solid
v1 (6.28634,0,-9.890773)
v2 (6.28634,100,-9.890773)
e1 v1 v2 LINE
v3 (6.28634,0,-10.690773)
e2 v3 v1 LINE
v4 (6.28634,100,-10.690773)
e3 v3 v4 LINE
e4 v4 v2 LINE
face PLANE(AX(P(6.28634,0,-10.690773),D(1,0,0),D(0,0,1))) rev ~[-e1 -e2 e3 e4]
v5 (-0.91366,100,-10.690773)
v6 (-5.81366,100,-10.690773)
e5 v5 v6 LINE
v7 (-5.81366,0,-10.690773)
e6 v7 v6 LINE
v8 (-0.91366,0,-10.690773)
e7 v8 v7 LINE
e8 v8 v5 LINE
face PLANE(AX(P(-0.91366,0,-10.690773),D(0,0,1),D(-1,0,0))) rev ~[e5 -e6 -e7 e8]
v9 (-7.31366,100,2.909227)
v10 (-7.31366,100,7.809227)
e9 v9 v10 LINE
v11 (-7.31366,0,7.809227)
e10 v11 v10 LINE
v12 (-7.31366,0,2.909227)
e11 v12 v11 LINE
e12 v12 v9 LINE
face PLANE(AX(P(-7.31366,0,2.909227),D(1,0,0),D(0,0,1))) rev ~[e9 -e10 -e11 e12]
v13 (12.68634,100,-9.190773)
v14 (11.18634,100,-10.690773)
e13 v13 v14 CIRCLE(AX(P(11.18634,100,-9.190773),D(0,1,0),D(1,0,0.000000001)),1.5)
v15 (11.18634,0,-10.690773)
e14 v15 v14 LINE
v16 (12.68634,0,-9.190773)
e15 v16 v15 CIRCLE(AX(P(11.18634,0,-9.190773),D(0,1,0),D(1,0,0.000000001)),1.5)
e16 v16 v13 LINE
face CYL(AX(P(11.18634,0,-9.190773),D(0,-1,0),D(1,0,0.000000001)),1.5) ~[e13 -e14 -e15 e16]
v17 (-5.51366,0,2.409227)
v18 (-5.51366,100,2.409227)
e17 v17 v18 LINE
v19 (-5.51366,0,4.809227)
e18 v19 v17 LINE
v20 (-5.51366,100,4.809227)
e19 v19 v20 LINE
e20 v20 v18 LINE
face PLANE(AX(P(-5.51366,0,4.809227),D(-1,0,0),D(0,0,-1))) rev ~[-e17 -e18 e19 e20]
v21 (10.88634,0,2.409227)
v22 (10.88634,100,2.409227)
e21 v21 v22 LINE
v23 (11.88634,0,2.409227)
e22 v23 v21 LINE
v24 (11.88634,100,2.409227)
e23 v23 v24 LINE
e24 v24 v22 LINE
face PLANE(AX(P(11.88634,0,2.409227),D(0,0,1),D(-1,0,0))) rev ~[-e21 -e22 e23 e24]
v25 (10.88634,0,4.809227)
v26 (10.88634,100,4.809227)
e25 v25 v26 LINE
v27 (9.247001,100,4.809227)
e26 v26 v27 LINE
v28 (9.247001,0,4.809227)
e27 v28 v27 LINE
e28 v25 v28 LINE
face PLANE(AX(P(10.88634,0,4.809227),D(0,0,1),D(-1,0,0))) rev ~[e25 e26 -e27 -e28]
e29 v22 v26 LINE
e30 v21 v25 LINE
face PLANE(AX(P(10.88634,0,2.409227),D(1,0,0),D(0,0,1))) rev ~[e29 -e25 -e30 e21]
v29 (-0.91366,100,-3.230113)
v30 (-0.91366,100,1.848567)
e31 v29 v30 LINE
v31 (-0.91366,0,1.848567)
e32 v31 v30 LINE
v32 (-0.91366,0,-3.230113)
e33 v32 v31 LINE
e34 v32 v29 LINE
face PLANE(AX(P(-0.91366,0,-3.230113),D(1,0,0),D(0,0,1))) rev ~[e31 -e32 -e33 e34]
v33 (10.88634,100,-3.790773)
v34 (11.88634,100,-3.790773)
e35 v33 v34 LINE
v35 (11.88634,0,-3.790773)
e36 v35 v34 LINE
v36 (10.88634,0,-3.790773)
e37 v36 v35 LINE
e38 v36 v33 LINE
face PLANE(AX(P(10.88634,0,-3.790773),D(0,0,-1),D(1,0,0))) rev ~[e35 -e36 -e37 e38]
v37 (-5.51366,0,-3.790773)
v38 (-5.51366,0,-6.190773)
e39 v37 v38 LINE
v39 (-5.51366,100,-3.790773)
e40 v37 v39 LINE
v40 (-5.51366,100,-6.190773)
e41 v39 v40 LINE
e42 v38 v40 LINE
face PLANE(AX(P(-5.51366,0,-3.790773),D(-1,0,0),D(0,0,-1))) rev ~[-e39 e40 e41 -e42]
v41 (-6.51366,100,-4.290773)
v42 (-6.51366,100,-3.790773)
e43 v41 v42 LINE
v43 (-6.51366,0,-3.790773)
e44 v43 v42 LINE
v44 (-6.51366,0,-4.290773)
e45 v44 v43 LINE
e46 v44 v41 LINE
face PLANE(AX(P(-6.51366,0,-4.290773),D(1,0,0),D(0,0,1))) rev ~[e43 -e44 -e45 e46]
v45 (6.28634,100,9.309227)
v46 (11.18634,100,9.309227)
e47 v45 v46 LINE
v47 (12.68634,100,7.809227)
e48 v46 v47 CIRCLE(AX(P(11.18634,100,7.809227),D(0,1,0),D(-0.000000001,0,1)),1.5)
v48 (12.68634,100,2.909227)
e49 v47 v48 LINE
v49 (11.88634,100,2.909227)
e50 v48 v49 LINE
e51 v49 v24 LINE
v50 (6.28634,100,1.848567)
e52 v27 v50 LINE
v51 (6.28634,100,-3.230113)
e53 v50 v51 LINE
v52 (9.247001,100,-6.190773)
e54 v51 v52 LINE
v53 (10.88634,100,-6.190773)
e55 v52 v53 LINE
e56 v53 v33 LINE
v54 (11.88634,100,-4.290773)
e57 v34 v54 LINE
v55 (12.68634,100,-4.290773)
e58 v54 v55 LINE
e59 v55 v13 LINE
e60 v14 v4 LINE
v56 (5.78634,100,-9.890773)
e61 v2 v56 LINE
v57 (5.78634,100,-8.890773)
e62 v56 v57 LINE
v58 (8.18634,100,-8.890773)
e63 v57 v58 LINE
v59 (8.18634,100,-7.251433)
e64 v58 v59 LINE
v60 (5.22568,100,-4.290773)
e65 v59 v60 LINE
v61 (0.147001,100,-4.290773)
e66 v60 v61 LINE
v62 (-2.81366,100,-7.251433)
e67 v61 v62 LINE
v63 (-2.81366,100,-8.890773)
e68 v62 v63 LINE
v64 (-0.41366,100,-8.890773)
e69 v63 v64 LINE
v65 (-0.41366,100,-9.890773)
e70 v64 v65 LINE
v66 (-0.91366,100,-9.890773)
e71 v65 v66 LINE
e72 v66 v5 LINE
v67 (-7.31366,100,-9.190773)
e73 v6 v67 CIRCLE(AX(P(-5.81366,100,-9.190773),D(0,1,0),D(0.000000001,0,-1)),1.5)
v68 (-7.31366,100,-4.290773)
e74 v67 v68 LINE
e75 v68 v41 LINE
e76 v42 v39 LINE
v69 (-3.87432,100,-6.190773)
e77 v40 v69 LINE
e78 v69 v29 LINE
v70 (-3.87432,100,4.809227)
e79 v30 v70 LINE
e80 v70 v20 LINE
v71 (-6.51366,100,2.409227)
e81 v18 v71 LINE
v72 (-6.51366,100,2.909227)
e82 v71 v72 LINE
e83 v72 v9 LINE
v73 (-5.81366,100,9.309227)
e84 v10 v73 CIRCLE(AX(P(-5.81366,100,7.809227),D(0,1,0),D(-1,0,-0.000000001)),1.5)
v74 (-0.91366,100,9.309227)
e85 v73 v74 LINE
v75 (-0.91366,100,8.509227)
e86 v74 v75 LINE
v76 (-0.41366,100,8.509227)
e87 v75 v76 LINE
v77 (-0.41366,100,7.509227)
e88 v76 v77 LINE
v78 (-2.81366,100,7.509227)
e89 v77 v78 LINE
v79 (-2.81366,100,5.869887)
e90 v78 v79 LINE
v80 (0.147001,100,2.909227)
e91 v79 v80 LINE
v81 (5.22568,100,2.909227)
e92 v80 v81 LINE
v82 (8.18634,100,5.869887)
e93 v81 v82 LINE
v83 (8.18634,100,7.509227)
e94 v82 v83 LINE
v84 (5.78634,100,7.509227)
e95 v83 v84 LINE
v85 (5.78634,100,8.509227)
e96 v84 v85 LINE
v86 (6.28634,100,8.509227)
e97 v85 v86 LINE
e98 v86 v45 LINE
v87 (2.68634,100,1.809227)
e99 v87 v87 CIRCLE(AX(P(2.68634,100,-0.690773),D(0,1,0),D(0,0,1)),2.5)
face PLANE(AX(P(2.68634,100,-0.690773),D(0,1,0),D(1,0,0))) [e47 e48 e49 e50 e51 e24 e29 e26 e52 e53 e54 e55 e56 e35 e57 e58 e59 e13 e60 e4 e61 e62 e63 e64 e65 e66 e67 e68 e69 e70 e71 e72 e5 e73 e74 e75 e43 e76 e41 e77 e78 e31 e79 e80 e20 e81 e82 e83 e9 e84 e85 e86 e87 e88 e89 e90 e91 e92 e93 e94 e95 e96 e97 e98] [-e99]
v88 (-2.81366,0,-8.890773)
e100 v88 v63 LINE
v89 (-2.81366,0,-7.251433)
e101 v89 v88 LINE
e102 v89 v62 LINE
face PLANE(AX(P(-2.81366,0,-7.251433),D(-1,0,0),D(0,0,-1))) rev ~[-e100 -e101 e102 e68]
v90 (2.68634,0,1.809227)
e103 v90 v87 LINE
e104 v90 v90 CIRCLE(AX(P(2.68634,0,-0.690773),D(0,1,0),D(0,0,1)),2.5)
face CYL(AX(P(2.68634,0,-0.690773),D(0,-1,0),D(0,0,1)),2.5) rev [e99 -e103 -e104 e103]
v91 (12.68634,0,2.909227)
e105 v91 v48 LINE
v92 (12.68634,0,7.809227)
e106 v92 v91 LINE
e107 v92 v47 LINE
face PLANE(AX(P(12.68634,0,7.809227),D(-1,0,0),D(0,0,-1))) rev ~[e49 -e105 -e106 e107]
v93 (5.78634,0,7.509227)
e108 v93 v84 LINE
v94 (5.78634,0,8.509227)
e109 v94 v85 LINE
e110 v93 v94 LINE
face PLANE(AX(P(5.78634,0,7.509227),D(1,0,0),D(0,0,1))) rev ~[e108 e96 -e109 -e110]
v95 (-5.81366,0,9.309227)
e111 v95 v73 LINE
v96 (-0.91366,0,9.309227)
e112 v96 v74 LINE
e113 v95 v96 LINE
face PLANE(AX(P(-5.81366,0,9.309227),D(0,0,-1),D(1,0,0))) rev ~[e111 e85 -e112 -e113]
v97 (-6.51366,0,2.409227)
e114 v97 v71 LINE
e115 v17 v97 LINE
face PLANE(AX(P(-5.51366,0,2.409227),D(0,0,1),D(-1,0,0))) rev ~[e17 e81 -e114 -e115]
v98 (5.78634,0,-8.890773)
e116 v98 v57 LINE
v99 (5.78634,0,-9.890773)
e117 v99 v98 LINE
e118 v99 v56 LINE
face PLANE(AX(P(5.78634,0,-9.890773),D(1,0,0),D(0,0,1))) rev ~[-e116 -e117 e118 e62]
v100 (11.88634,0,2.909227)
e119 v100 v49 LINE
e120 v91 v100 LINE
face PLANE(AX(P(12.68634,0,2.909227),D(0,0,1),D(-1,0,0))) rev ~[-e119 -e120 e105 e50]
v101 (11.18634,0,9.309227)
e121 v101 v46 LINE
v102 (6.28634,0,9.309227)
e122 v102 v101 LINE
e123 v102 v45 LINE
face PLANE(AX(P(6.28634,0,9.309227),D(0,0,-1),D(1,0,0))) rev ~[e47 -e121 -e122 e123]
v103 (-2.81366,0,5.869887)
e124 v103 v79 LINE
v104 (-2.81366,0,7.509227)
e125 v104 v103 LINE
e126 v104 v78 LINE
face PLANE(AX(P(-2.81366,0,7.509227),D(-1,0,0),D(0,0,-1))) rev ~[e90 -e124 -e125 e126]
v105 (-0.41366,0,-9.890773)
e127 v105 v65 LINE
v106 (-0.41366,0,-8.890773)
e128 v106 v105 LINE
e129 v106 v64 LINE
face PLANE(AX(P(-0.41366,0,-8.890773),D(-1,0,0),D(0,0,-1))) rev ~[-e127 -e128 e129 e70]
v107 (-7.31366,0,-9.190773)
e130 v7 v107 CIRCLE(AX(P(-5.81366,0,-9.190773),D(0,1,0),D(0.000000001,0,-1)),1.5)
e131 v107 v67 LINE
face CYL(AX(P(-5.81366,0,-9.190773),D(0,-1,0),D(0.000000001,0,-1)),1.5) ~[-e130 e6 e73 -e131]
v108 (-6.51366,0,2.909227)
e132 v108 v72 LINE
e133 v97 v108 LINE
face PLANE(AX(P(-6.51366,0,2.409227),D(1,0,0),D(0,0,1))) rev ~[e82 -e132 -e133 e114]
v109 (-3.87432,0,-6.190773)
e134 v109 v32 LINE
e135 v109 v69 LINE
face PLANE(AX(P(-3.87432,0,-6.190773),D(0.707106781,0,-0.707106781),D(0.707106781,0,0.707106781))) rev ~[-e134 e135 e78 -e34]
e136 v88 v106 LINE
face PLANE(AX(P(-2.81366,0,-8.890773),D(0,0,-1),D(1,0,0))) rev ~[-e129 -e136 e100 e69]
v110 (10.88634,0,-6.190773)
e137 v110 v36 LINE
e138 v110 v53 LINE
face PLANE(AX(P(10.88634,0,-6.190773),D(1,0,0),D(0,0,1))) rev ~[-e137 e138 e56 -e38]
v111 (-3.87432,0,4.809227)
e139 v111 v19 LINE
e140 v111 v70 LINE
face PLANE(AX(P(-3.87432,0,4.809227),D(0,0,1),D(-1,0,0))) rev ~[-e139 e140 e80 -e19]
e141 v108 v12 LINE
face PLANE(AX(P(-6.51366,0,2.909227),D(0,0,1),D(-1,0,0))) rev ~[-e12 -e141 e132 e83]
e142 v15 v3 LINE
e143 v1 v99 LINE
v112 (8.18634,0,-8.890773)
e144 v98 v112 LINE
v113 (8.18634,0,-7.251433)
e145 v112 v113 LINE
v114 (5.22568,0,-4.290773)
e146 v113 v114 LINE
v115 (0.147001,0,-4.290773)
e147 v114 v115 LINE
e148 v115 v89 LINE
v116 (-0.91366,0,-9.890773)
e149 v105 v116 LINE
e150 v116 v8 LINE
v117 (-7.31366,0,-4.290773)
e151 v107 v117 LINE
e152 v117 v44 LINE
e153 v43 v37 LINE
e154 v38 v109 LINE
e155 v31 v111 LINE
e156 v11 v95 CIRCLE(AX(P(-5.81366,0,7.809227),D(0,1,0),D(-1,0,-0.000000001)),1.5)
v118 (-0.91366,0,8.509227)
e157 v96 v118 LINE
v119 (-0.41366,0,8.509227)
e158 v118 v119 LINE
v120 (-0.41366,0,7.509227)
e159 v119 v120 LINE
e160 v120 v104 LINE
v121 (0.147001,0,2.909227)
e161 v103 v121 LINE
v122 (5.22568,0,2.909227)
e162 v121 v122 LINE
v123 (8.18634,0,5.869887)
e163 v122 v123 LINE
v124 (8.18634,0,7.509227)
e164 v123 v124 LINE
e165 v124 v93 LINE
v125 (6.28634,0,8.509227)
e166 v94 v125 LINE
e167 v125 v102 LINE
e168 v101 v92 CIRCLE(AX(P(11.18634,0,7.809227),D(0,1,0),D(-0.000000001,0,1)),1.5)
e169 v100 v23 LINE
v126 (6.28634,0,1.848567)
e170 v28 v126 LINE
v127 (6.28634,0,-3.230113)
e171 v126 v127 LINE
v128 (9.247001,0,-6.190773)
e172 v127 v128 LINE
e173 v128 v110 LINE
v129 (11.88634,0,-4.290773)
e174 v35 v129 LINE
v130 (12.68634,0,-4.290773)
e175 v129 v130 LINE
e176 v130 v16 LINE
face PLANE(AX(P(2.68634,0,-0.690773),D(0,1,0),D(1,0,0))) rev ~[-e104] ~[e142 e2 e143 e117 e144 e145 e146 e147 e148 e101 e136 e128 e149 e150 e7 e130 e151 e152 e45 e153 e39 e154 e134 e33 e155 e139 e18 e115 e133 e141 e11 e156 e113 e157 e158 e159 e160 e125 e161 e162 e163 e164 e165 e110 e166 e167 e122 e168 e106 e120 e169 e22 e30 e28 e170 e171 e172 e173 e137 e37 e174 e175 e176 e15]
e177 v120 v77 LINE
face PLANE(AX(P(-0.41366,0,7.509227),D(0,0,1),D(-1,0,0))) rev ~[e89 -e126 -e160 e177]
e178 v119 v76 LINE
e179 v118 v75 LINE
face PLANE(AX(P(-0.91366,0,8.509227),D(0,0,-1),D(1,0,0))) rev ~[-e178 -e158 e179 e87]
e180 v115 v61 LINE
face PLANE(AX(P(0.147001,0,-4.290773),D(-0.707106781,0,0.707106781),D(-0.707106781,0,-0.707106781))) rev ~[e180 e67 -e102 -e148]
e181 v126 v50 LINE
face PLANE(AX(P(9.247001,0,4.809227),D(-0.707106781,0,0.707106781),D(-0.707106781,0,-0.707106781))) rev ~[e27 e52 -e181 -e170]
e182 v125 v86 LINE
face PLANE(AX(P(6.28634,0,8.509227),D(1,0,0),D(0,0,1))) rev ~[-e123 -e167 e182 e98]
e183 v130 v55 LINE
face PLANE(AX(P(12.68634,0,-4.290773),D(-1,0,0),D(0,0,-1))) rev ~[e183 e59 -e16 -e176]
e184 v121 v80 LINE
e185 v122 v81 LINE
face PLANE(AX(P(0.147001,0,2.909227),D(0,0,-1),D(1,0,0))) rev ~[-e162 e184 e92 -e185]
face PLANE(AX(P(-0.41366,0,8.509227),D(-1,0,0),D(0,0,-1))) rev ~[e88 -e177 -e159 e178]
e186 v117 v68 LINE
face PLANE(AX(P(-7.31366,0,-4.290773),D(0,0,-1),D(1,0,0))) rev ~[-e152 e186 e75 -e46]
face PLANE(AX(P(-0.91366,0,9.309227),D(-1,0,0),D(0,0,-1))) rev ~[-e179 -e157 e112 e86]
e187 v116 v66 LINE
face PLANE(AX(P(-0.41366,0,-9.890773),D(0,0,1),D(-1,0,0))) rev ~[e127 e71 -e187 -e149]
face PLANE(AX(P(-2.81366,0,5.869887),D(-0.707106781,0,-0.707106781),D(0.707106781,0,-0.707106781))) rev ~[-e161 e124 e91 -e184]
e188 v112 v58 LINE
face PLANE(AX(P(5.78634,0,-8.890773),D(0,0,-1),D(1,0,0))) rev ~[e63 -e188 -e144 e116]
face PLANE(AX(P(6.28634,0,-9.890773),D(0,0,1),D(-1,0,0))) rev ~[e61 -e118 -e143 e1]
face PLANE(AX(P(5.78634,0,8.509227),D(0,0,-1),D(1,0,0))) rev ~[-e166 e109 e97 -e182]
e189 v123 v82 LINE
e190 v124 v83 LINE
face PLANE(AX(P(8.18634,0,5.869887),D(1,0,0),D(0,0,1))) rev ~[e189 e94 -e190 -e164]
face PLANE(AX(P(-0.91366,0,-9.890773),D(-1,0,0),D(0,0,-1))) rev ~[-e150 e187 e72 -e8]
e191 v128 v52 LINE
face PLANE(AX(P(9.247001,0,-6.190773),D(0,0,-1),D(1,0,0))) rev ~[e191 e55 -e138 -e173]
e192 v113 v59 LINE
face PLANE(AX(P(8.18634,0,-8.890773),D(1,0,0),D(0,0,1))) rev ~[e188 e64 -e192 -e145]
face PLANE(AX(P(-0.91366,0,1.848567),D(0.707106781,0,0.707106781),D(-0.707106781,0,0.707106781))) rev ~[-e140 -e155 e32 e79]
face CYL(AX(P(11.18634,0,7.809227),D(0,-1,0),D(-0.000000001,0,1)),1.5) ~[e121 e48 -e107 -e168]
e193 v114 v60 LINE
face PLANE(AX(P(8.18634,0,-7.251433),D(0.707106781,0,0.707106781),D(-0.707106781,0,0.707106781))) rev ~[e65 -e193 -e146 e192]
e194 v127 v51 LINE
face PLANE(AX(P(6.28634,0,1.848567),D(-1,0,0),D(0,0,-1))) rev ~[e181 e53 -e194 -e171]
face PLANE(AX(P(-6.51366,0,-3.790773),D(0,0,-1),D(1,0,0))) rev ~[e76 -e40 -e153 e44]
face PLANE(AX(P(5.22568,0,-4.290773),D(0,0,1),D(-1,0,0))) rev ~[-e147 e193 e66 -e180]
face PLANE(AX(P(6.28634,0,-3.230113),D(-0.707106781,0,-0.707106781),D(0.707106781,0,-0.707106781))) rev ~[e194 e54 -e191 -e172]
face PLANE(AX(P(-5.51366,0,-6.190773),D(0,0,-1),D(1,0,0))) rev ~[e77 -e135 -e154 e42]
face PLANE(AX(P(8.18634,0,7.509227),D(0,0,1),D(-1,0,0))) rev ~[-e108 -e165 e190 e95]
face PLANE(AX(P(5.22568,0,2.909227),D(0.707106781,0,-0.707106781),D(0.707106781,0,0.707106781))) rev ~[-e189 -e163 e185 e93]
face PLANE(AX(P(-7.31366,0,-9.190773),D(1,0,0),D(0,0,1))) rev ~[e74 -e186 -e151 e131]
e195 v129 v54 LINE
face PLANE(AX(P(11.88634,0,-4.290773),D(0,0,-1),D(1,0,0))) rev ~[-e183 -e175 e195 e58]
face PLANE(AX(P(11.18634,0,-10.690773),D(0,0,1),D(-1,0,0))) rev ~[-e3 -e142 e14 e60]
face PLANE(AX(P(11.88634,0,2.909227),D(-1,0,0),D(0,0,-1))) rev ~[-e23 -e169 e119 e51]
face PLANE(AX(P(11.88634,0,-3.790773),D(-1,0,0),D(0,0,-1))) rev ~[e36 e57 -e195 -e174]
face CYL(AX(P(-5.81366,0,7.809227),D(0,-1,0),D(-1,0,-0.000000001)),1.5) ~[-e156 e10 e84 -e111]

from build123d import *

# Parameters (mm, degrees)
SKETCH_1_R      = 2.5
EXTRUDE_1_DEPTH = 100


with BuildPart() as part:
    # 草图1 → 凸台-拉伸1 (new body)
    with BuildSketch(Plane(origin=(0, 0, 0), x_dir=(1, 0, 0), z_dir=(0, 1, 0))):
        with BuildLine():
            Line((-0.913659552, 3.230113086), (-0.913659552, -1.84856657))
            Line((-0.913659552, -1.84856657), (-3.874319724, -4.809226742))
            Line((-3.874319724, -4.809226742), (-5.513659552, -4.809226742))
            Line((-5.513659552, -4.809226742), (-5.513659552, -2.409226742))
            Line((-5.513659552, -2.409226742), (-6.513659552, -2.409226742))
            Line((-6.513659552, -2.409226742), (-6.513659552, -2.909226742))
            Line((-6.513659552, -2.909226742), (-7.313659552, -2.909226742))
            Line((-7.313659552, -2.909226742), (-7.313659552, -7.809226742))
            ThreePointArc((-7.313659552, -7.809226742), (-6.874319724, -8.869886914), (-5.813659552, -9.309226742))
            Line((-5.813659552, -9.309226742), (-0.913659552, -9.309226742))
            Line((-0.913659552, -9.309226742), (-0.913659552, -8.509226742))
            Line((-0.913659552, -8.509226742), (-0.413659552, -8.509226742))
            Line((-0.413659552, -8.509226742), (-0.413659552, -7.509226742))
            Line((-0.413659552, -7.509226742), (-2.813659552, -7.509226742))
            Line((-2.813659552, -7.509226742), (-2.813659552, -5.869886914))
            Line((-2.813659552, -5.869886914), (0.14700062, -2.909226742))
            Line((0.14700062, -2.909226742), (5.225680276, -2.909226742))
            Line((5.225680276, -2.909226742), (8.186340448, -5.869886914))
            Line((8.186340448, -5.869886914), (8.186340448, -7.509226742))
            Line((8.186340448, -7.509226742), (5.786340448, -7.509226742))
            Line((5.786340448, -7.509226742), (5.786340448, -8.509226742))
            Line((5.786340448, -8.509226742), (6.286340448, -8.509226742))
            Line((6.286340448, -8.509226742), (6.286340448, -9.309226742))
            Line((6.286340448, -9.309226742), (11.186340448, -9.309226742))
            ThreePointArc((11.186340448, -9.309226742), (12.24700062, -8.869886914), (12.686340448, -7.809226742))
            Line((12.686340448, -7.809226742), (12.686340448, -2.909226742))
            Line((12.686340448, -2.909226742), (11.886340448, -2.909226742))
            Line((11.886340448, -2.909226742), (11.886340448, -2.409226742))
            Line((11.886340448, -2.409226742), (10.886340448, -2.409226742))
            Line((10.886340448, -2.409226742), (10.886340448, -4.809226742))
            Line((10.886340448, -4.809226742), (9.24700062, -4.809226742))
            Line((9.24700062, -4.809226742), (6.286340448, -1.84856657))
            Line((6.286340448, -1.84856657), (6.286340448, 3.230113086))
            Line((6.286340448, 3.230113086), (9.24700062, 6.190773258))
            Line((9.24700062, 6.190773258), (10.886340448, 6.190773258))
            Line((10.886340448, 6.190773258), (10.886340448, 3.790773258))
            Line((10.886340448, 3.790773258), (11.886340448, 3.790773258))
            Line((11.886340448, 3.790773258), (11.886340448, 4.290773258))
            Line((11.886340448, 4.290773258), (12.686340448, 4.290773258))
            Line((12.686340448, 4.290773258), (12.686340448, 9.190773258))
            ThreePointArc((12.686340448, 9.190773258), (12.24700062, 10.25143343), (11.186340448, 10.690773258))
            Line((11.186340448, 10.690773258), (6.286340448, 10.690773258))
            Line((6.286340448, 10.690773258), (6.286340448, 9.890773258))
            Line((6.286340448, 9.890773258), (5.786340448, 9.890773258))
            Line((5.786340448, 9.890773258), (5.786340448, 8.890773258))
            Line((5.786340448, 8.890773258), (8.186340448, 8.890773258))
            Line((8.186340448, 8.890773258), (8.186340448, 7.25143343))
            Line((8.186340448, 7.25143343), (5.225680276, 4.290773258))
            Line((5.225680276, 4.290773258), (0.14700062, 4.290773258))
            Line((0.14700062, 4.290773258), (-2.813659552, 7.25143343))
            Line((-2.813659552, 7.25143343), (-2.813659552, 8.890773258))
            Line((-2.813659552, 8.890773258), (-0.413659552, 8.890773258))
            Line((-0.413659552, 8.890773258), (-0.413659552, 9.890773258))
            Line((-0.413659552, 9.890773258), (-0.913659552, 9.890773258))
            Line((-0.913659552, 9.890773258), (-0.913659552, 10.690773258))
            Line((-0.913659552, 10.690773258), (-5.813659552, 10.690773258))
            ThreePointArc((-5.813659552, 10.690773258), (-6.874319724, 10.25143343), (-7.313659552, 9.190773258))
            Line((-7.313659552, 9.190773258), (-7.313659552, 4.290773258))
            Line((-7.313659552, 4.290773258), (-6.513659552, 4.290773258))
            Line((-6.513659552, 4.290773258), (-6.513659552, 3.790773258))
            Line((-6.513659552, 3.790773258), (-5.513659552, 3.790773258))
            Line((-5.513659552, 3.790773258), (-5.513659552, 6.190773258))
            Line((-5.513659552, 6.190773258), (-3.874319724, 6.190773258))
            Line((-3.874319724, 6.190773258), (-0.913659552, 3.230113086))
        make_face()
        with Locations(Location((2.686340448, 0.690773258, 0), (0, 0, 270))):
            Circle(SKETCH_1_R, mode=Mode.SUBTRACT)
    extrude(amount=EXTRUDE_1_DEPTH)


solid = part.part
